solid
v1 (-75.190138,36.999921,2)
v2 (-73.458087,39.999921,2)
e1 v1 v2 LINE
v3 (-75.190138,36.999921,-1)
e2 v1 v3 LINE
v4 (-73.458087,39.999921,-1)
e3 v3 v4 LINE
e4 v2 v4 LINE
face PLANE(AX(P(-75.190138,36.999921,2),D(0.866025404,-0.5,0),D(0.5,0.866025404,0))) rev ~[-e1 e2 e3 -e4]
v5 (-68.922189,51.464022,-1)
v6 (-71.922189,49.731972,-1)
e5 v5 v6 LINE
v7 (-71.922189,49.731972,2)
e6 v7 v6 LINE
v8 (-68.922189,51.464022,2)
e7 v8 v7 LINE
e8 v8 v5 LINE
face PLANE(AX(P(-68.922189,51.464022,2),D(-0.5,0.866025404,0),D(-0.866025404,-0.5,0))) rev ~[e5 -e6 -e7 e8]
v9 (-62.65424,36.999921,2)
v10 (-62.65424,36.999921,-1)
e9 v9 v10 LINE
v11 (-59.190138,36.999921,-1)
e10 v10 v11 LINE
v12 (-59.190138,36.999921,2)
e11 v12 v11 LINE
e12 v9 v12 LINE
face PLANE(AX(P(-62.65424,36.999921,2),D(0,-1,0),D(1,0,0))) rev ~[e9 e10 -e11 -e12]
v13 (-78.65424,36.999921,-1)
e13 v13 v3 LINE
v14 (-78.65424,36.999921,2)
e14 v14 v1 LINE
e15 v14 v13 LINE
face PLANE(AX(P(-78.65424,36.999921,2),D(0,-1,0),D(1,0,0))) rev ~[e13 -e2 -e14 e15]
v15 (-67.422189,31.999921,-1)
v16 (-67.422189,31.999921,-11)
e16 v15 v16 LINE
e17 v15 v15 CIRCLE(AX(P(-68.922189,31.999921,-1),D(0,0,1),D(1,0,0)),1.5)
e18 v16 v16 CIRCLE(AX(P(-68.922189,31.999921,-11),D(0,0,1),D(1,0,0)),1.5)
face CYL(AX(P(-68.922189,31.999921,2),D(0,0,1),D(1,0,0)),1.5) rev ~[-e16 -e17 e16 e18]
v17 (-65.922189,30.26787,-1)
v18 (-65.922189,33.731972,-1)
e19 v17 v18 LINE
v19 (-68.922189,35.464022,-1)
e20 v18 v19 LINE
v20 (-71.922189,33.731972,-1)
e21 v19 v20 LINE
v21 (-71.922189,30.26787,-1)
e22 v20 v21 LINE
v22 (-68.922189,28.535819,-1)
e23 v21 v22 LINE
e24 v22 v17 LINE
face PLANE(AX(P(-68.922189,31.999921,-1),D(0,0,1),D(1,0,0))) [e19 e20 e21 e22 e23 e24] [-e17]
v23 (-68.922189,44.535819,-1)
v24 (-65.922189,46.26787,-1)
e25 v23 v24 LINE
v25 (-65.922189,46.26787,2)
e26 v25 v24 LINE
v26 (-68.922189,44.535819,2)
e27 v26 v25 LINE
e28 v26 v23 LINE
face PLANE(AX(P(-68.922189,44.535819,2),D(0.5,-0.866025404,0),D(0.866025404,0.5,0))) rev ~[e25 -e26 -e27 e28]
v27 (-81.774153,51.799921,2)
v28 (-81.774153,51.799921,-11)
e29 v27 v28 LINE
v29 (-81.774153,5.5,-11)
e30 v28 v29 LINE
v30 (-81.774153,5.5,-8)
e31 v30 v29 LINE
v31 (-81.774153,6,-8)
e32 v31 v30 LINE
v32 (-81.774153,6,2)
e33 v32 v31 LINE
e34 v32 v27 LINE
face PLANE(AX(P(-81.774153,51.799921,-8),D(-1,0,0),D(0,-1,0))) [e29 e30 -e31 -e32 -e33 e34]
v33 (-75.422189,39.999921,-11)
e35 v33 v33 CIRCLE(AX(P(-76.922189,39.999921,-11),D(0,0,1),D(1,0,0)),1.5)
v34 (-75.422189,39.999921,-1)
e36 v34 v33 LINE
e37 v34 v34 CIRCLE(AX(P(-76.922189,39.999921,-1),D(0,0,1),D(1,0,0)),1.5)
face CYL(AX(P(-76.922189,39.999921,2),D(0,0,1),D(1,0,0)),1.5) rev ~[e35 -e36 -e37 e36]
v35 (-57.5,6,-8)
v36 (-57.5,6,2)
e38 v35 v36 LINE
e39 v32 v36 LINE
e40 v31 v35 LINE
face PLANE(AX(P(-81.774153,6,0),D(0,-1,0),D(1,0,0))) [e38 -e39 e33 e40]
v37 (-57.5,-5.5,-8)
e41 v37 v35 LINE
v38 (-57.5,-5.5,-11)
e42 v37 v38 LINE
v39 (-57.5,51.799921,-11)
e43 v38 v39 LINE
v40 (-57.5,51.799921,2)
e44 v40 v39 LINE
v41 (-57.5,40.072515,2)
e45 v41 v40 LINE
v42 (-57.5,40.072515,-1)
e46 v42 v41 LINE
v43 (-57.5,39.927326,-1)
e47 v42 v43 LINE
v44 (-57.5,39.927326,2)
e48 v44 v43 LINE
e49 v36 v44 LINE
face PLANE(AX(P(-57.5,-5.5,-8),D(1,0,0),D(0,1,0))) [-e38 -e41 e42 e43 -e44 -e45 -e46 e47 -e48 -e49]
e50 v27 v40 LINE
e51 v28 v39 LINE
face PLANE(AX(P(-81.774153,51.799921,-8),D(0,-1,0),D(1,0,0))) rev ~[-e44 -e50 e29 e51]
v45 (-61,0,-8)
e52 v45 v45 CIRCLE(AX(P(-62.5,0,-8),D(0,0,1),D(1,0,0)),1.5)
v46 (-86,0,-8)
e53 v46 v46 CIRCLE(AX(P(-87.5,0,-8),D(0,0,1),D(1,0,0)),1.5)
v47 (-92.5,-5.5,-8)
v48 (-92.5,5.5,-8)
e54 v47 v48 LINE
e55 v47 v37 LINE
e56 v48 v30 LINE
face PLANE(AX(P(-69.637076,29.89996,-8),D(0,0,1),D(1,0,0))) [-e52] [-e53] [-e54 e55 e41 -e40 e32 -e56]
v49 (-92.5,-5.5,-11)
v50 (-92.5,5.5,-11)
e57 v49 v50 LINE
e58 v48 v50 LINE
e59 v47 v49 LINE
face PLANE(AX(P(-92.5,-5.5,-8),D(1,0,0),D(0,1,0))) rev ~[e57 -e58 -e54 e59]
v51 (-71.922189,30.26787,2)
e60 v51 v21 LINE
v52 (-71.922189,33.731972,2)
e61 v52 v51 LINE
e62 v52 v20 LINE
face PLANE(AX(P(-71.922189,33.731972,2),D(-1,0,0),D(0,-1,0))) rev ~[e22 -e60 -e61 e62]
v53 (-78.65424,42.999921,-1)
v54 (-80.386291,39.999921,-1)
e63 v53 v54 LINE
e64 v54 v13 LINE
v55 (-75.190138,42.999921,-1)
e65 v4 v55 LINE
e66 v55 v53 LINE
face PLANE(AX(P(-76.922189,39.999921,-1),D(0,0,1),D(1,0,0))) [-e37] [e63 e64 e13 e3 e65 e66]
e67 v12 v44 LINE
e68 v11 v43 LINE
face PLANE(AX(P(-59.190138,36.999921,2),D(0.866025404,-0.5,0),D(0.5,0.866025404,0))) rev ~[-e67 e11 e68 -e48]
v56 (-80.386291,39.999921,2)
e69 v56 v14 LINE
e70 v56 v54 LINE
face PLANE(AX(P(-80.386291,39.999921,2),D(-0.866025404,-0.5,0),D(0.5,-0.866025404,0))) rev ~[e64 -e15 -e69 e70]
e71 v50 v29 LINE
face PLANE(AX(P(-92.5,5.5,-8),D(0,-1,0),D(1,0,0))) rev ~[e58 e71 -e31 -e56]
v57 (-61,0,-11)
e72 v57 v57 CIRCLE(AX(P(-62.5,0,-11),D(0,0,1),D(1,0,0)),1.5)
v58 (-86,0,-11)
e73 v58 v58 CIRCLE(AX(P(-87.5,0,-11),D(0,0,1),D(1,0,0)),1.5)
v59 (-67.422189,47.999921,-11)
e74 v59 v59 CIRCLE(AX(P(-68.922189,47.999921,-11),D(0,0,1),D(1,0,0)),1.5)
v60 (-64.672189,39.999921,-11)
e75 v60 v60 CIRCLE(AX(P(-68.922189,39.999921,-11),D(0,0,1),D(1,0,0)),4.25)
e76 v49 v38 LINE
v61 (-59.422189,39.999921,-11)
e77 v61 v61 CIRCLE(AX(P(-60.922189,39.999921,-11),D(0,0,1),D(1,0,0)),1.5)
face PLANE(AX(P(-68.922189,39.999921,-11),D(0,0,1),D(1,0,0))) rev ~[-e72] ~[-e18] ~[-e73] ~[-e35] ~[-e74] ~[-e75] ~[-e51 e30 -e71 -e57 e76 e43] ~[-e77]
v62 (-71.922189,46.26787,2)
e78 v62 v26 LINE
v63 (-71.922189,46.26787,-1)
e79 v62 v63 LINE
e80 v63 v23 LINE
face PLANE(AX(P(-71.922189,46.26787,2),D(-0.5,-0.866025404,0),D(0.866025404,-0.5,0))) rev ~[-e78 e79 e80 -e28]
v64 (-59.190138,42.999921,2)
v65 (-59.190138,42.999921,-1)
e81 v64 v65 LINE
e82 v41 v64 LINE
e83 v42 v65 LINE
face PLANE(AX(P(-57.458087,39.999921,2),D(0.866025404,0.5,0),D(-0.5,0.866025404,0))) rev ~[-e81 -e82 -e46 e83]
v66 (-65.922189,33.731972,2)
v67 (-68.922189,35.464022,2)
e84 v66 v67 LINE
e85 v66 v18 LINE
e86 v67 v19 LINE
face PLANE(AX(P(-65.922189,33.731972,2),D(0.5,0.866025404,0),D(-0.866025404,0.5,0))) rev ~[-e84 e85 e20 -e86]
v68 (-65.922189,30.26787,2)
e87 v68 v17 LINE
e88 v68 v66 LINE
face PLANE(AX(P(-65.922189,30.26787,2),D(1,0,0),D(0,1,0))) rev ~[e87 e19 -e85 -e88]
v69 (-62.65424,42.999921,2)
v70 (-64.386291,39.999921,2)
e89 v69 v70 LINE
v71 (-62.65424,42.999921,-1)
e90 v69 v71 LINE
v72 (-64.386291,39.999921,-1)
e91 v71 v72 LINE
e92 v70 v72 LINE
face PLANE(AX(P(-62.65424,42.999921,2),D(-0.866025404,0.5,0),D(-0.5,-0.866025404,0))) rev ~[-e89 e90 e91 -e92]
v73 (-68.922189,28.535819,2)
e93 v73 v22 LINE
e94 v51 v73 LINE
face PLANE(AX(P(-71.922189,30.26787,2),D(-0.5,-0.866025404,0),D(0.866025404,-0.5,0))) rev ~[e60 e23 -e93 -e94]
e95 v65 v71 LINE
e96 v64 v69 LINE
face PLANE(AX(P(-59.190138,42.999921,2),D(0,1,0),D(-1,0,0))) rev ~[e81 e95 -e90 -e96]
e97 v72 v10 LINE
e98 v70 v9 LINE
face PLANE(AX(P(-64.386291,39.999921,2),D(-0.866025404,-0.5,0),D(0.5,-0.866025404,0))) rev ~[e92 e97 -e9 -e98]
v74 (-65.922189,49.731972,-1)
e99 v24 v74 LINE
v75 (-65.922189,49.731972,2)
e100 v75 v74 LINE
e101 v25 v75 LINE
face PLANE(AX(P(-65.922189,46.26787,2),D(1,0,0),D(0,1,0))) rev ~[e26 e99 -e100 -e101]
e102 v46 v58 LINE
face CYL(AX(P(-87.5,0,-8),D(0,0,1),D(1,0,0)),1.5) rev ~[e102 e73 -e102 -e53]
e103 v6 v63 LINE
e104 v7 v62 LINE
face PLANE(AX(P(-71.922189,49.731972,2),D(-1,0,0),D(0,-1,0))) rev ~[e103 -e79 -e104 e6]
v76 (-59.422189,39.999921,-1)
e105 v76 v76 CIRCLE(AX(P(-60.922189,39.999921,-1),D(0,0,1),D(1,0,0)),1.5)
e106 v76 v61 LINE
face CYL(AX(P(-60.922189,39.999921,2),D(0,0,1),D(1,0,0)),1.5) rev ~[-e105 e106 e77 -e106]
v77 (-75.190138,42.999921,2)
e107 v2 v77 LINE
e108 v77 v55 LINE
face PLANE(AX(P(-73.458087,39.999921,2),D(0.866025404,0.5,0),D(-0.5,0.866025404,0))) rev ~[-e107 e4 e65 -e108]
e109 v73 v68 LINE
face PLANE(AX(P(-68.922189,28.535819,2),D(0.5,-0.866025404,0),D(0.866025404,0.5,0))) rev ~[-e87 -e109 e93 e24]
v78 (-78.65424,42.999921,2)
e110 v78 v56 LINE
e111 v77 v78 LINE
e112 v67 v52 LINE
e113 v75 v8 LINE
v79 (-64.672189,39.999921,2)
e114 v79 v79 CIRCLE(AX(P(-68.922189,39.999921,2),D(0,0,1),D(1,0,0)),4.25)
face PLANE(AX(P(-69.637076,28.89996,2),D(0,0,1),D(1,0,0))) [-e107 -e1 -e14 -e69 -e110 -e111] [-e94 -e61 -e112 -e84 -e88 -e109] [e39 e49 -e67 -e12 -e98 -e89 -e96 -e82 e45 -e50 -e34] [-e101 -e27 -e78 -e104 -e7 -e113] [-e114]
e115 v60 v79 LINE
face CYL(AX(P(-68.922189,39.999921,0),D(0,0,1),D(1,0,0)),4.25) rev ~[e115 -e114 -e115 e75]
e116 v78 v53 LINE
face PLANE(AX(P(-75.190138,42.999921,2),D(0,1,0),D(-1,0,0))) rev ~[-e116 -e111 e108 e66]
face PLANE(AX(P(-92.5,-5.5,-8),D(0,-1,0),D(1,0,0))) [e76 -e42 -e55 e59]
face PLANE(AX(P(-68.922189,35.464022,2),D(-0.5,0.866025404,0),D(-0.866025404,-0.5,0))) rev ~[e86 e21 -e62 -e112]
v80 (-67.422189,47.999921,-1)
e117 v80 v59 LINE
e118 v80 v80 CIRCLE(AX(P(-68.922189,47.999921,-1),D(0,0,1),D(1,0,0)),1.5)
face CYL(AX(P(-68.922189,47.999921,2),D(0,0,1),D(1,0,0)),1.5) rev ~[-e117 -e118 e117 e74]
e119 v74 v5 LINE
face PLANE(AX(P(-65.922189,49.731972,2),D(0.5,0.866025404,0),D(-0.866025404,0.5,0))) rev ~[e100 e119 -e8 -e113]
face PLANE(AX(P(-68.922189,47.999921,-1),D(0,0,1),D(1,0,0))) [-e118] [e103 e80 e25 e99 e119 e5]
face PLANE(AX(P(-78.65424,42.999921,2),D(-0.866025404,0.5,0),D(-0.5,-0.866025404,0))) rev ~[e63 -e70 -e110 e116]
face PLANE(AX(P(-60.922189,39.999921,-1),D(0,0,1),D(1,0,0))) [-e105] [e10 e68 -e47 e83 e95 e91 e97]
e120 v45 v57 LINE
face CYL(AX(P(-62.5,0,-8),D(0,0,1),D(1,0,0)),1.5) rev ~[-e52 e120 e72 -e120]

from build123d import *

# Parameters (mm, degrees)
SKETCH1_W           = 24.274152736
SKETCH1_H           = 45.799920806
SKETCH1_R           = 4.25
BOSS_EXTRUDE1_DEPTH = 2
SKETCH1_3_W         = 24.274152736
SKETCH1_3_H         = 2
SKETCH1_3_H_2       = 43.799920806
BOSS_EXTRUDE2_DEPTH = 8
BOSS_EXTRUDE3_START = -8
SKETCH1_4_W         = 24.274152736
SKETCH1_4_H         = 43.799920806
SKETCH1_4_W_2       = 10
SKETCH1_4_H_2       = 11
SKETCH1_4_H_3       = 2
SKETCH1_4_W_3       = 14.274152736
SKETCH1_4_R         = 1.5
SKETCH1_4_W_4       = 10.725847264
BOSS_EXTRUDE3_DEPTH = 3
SKETCH1_5_R         = 4.25
BOSS_EXTRUDE4_DEPTH = 11
SKETCH2_R           = 4.25
SKETCH2_R_2         = 1.5
CUT_EXTRUDE1_DEPTH  = 3
SKETCH2_2_R         = 1.5
CUT_EXTRUDE2_DEPTH  = 14


with BuildPart() as part:
    # Sketch1 → Boss-Extrude1 (new body)
    with BuildSketch(Plane.XY):
        with Locations((-69.637076368, 28.899960403)):
            Rectangle(SKETCH1_W, SKETCH1_H)
        with Locations((-68.922189075, 39.999920806)):
            Circle(SKETCH1_R, mode=Mode.SUBTRACT)
    extrude(amount=BOSS_EXTRUDE1_DEPTH)

    # Sketch1<3> → Boss-Extrude2 (add)
    with BuildSketch(Plane.XY):
        with Locations((-69.637076368, 7)):
            Rectangle(SKETCH1_3_W, SKETCH1_3_H)
        with Locations((-69.637076368, 29.899960403)):
            Rectangle(SKETCH1_3_W, SKETCH1_3_H_2)
        Polygon((-61.070225414, 39.999920806), (-64.996207244, 33.199920806), (-72.848170905, 33.199920806), (-76.774152736, 39.999920806), (-72.848170905, 46.799920806), (-64.996207244, 46.799920806), align=None, mode=Mode.SUBTRACT)
    extrude(amount=-BOSS_EXTRUDE2_DEPTH)

    # Sketch1<4> → Boss-Extrude3 (add)
    with BuildSketch(Plane.XY.offset(BOSS_EXTRUDE3_START)):
        with Locations((-69.637076368, 29.899960403)):
            Rectangle(SKETCH1_4_W, SKETCH1_4_H)
        Polygon((-61.070225414, 39.999920806), (-64.996207244, 33.199920806), (-72.848170905, 33.199920806), (-76.774152736, 39.999920806), (-72.848170905, 46.799920806), (-64.996207244, 46.799920806), align=None, mode=Mode.SUBTRACT)
        with Locations((-62.5, 0)):
            Rectangle(SKETCH1_4_W_2, SKETCH1_4_H_2)
        Polygon((-59.035898385, 0), (-60.767949192, 3), (-64.232050808, 3), (-65.964101615, 0), (-64.232050808, -3), (-60.767949192, -3), align=None, mode=Mode.SUBTRACT)
        Polygon((-67.5, 5.5), (-57.5, 5.5), (-57.5, 6), (-81.774152736, 6), (-81.774152736, 5.5), align=None)
        with Locations((-69.637076368, 7)):
            Rectangle(SKETCH1_4_W, SKETCH1_4_H_3)
        with Locations((-74.637076368, 0)):
            Rectangle(SKETCH1_4_W_3, SKETCH1_4_H_2)
        Polygon((-60.767949192, -3), (-59.035898385, 0), (-60.767949192, 3), (-64.232050808, 3), (-65.964101615, 0), (-64.232050808, -3), align=None)
        with Locations((-62.5, 0)):
            Circle(SKETCH1_4_R, mode=Mode.SUBTRACT)
        with Locations((-87.137076368, 0)):
            Rectangle(SKETCH1_4_W_4, SKETCH1_4_H_2)
        Polygon((-90.5, -1.732050808), (-87.5, -3.464101615), (-84.5, -1.732050808), (-84.5, 1.732050808), (-87.5, 3.464101615), (-90.5, 1.732050808), align=None, mode=Mode.SUBTRACT)
        Polygon((-90.5, 1.732050808), (-90.5, -1.732050808), (-87.5, -3.464101615), (-84.5, -1.732050808), (-84.5, 1.732050808), (-87.5, 3.464101615), align=None)
        with Locations((-87.5, 0)):
            Circle(SKETCH1_4_R, mode=Mode.SUBTRACT)
    extrude(amount=-BOSS_EXTRUDE3_DEPTH)

    # Sketch1<5> → Boss-Extrude4 (add)
    with BuildSketch(Plane.XY):
        Polygon((-76.774152736, 39.999920806), (-72.848170905, 33.199920806), (-64.996207244, 33.199920806), (-61.070225414, 39.999920806), (-64.996207244, 46.799920806), (-72.848170905, 46.799920806), align=None)
        with Locations((-68.922189075, 39.999920806)):
            Circle(SKETCH1_5_R, mode=Mode.SUBTRACT)
    extrude(amount=-BOSS_EXTRUDE4_DEPTH)

    # Sketch2 → Cut-Extrude1 (cut)
    with BuildSketch(Plane.XY.offset(2)):
        with Locations((-68.922189075, 39.999920806)):
            Circle(SKETCH2_R)
        Polygon((-73.45808746, 39.999920806), (-75.190138267, 42.999920806), (-78.654239882, 42.999920806), (-80.38629069, 39.999920806), (-78.654239882, 36.999920806), (-75.190138267, 36.999920806), align=None)
        with Locations((-76.922189075, 39.999920806)):
            Circle(SKETCH2_R_2, mode=Mode.SUBTRACT)
        Polygon((-68.922189075, 28.535819191), (-65.922189075, 30.267869999), (-65.922189075, 33.731971614), (-68.922189075, 35.464022422), (-71.922189075, 33.731971614), (-71.922189075, 30.267869999), align=None)
        with Locations((-68.922189075, 31.999920806)):
            Circle(SKETCH2_R_2, mode=Mode.SUBTRACT)
        Polygon((-68.922189075, 44.535819191), (-65.922189075, 46.267869999), (-65.922189075, 49.731971614), (-68.922189075, 51.464022422), (-71.922189075, 49.731971614), (-71.922189075, 46.267869999), align=None)
        with Locations((-68.922189075, 47.999920806)):
            Circle(SKETCH2_R_2, mode=Mode.SUBTRACT)
        Polygon((-64.38629069, 39.999920806), (-62.654239882, 36.999920806), (-59.190138267, 36.999920806), (-57.45808746, 39.999920806), (-59.190138267, 42.999920806), (-62.654239882, 42.999920806), align=None)
        with Locations((-60.922189075, 39.999920806)):
            Circle(SKETCH2_R_2, mode=Mode.SUBTRACT)
    extrude(amount=-CUT_EXTRUDE1_DEPTH, mode=Mode.SUBTRACT)

    # Sketch2<2> → Cut-Extrude2 (cut, through all)
    with BuildSketch(Plane.XY.offset(2)):
        with Locations((-60.922189075, 39.999920806)):
            Circle(SKETCH2_2_R)
        with Locations((-68.922189075, 47.999920806)):
            Circle(SKETCH2_2_R)
        with Locations((-76.922189075, 39.999920806)):
            Circle(SKETCH2_2_R)
        with Locations((-68.922189075, 31.999920806)):
            Circle(SKETCH2_2_R)
    extrude(amount=-CUT_EXTRUDE2_DEPTH, mode=Mode.SUBTRACT)


solid = part.part
